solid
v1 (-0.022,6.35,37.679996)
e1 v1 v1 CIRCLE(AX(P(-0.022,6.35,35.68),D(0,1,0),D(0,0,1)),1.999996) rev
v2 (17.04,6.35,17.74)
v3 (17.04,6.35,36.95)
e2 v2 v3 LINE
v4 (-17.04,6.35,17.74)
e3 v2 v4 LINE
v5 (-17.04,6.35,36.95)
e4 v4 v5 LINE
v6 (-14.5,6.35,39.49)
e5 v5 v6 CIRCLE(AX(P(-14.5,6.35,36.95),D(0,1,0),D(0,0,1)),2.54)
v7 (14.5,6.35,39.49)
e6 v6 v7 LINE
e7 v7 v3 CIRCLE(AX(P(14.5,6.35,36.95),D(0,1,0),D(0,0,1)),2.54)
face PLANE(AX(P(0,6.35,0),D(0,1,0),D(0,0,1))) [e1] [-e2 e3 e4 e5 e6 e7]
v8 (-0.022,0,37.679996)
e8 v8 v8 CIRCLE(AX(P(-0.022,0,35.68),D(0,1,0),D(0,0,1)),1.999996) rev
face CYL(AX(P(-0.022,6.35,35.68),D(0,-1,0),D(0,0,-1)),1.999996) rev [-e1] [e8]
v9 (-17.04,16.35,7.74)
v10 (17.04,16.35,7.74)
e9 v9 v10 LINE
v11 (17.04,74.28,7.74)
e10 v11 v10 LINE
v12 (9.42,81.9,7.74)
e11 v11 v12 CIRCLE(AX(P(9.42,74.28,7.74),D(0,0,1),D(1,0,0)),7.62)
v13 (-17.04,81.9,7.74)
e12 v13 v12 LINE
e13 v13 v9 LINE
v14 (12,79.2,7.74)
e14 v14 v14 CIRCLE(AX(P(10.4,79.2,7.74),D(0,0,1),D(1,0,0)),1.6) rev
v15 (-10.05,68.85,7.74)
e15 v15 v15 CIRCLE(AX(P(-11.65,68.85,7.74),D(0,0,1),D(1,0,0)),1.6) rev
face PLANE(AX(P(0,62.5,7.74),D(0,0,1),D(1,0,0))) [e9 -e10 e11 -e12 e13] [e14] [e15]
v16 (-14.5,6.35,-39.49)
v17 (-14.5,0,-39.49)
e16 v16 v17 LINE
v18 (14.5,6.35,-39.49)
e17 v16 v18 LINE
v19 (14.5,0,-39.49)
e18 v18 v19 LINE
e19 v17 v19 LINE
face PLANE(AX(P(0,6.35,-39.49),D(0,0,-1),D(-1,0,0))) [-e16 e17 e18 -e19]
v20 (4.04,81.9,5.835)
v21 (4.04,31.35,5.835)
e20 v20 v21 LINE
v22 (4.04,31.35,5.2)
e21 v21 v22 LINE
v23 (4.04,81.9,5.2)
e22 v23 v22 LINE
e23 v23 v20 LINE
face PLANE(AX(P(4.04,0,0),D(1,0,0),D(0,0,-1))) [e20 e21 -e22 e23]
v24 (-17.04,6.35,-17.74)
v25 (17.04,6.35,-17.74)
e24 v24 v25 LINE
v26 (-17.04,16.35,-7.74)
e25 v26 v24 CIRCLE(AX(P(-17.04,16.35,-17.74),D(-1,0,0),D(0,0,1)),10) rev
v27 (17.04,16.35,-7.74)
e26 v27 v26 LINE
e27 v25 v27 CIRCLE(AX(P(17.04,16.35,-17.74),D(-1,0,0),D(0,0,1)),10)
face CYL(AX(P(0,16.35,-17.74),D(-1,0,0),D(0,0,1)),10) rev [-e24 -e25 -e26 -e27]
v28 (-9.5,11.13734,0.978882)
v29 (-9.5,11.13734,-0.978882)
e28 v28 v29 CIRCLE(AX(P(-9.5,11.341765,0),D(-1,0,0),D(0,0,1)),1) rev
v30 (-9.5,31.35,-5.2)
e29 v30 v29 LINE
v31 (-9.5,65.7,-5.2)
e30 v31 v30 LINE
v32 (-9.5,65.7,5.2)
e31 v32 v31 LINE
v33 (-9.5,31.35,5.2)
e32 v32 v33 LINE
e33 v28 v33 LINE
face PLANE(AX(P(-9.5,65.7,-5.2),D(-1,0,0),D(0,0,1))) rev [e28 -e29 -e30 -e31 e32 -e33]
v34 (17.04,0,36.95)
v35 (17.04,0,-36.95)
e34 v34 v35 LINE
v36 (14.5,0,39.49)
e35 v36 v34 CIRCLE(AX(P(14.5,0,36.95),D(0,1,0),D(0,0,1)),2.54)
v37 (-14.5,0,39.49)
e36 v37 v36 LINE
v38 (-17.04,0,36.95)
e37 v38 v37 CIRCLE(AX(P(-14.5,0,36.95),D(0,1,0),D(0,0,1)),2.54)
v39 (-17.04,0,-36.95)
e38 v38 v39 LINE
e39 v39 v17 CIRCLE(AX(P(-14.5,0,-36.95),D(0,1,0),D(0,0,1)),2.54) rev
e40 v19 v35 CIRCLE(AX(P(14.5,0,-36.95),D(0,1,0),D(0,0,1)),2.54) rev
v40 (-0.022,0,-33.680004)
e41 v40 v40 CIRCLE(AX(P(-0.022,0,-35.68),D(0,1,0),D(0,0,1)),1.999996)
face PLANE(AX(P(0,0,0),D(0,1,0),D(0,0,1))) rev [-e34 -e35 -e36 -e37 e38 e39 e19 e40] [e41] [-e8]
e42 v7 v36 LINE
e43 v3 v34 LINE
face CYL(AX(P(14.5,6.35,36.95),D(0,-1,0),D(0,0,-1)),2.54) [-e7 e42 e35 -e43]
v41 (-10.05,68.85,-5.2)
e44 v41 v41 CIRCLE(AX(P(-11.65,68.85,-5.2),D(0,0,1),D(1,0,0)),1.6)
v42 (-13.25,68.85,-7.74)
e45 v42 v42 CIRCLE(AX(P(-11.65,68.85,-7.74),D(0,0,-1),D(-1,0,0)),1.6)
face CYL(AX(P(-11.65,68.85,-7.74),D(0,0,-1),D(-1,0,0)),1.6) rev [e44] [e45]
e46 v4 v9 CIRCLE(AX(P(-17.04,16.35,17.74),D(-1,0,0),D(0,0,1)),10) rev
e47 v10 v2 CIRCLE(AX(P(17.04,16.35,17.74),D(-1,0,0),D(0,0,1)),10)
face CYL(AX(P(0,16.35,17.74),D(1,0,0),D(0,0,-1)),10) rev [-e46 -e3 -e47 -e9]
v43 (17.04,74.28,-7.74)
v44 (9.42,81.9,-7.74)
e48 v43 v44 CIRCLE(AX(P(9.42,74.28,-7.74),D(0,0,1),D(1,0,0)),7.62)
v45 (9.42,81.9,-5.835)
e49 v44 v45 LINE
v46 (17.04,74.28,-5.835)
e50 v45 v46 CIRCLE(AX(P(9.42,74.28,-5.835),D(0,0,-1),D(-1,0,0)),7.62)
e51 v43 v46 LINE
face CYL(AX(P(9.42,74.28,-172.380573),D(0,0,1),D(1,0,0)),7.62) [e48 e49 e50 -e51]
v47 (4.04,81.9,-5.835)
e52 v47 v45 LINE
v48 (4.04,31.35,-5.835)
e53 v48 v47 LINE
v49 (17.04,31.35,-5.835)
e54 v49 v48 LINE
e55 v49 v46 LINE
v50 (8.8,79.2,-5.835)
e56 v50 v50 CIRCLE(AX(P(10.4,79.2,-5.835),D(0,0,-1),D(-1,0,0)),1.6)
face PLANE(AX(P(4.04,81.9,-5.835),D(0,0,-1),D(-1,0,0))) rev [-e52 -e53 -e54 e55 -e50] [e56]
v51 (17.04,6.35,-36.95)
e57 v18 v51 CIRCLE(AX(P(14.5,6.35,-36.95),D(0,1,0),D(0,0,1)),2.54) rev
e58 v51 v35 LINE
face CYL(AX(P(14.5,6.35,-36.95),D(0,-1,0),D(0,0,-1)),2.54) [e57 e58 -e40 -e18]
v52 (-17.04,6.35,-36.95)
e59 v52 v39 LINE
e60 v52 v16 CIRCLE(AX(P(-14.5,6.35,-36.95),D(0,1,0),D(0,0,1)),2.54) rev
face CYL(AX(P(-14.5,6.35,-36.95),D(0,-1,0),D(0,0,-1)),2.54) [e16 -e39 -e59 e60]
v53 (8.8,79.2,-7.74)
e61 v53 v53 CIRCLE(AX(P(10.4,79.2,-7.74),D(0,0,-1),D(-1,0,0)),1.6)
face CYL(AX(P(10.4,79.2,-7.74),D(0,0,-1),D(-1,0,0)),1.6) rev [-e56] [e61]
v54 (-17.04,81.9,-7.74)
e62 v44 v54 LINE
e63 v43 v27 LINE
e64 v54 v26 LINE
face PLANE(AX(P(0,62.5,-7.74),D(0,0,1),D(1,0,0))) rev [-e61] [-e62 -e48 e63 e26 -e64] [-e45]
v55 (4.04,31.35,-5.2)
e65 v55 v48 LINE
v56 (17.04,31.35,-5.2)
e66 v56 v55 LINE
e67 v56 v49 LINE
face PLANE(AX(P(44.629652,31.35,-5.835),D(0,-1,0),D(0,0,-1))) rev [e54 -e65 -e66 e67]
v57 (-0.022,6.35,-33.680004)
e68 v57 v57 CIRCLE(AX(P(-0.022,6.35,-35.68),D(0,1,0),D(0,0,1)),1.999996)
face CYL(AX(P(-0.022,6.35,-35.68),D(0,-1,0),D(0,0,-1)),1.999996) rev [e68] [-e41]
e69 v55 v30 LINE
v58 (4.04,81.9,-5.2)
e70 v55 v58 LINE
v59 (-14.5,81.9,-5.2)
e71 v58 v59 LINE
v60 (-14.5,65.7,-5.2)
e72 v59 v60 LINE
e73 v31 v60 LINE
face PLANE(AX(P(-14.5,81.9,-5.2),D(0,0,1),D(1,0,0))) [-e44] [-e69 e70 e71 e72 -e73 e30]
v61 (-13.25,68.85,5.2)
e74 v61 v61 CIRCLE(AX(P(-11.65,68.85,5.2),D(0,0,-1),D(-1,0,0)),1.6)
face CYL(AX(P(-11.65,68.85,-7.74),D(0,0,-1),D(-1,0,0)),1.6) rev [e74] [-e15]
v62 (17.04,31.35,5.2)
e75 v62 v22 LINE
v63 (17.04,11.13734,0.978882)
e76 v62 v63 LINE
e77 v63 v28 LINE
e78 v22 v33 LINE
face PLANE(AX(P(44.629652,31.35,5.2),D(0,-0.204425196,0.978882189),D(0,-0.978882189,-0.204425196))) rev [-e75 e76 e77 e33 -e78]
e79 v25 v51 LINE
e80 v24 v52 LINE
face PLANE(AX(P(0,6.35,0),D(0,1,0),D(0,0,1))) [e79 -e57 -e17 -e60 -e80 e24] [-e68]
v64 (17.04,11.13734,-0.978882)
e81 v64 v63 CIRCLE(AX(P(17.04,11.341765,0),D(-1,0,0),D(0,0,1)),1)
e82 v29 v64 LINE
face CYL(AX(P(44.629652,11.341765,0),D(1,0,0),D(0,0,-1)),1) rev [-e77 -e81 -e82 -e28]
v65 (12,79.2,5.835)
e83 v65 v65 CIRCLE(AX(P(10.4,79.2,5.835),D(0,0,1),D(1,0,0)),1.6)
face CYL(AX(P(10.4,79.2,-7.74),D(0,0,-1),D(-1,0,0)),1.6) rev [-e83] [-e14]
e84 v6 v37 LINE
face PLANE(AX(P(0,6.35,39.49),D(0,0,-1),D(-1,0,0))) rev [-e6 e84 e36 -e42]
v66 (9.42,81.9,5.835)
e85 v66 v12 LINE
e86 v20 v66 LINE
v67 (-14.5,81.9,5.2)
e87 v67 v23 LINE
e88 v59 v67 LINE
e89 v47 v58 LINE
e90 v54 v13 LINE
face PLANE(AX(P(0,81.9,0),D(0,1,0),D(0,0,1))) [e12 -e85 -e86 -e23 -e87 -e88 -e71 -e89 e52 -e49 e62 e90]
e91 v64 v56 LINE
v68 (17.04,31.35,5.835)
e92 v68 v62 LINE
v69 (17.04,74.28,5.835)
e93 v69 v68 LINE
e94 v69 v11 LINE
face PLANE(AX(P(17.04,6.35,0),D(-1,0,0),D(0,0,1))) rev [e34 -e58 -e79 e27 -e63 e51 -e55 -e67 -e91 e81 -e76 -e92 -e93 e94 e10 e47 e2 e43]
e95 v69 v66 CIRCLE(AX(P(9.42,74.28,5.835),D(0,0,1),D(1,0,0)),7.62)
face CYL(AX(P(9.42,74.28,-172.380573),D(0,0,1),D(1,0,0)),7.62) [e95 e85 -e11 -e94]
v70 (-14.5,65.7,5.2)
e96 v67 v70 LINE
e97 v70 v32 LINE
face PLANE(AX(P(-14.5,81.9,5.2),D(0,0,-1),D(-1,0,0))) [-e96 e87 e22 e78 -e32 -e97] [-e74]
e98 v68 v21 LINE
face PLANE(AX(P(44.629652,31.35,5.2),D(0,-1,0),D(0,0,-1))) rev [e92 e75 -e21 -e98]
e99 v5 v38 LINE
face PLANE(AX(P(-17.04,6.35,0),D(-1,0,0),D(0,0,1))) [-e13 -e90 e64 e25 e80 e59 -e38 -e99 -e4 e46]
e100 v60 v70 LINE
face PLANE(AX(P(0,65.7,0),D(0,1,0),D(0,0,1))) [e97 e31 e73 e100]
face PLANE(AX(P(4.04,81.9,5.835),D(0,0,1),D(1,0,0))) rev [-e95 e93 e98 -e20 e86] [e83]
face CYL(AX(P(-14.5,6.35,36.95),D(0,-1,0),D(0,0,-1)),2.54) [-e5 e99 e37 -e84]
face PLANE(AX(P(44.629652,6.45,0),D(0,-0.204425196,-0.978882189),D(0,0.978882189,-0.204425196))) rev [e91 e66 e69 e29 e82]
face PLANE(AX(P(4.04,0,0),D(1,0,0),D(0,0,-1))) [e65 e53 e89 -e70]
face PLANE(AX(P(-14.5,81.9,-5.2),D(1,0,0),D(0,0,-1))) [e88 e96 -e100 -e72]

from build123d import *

# Parameters (mm, degrees)
SKETCH1_R                 = 1.999996
BOSS_EXTRUDE1_DEPTH       = 6.35
BOSS_EXTRUDE1_2_DEPTH     = 6.35
SKETCH1_3_W               = 34.08
SKETCH1_3_H               = 15.48
BOSS_EXTRUDE2_DEPTH       = 62.5
SKETCH2_W                 = 34.08
SKETCH2_H                 = 15.48
SKETCH2_W_2               = 29
SKETCH2_H_2               = 10.4
BOSS_EXTRUDE3_DEPTH       = 19.4
SKETCH3_W                 = 11.67
SKETCH3_H                 = 21.9
CUT_EXTRUDE1_DEPTH        = 13
SKETCH4_W                 = 5
SKETCH4_H                 = 10.4
BOSS_EXTRUDE4_DEPTH       = 3.2
CUT_EXTRUDE3_DEPTH        = 97.065834197
CUT_EXTRUDE3_DEPTH_BACK   = 97.065834197
F_3_0MM_DOWEL_HOLE1_D     = 3.2
F_3_0MM_DOWEL_HOLE1_DEPTH = 15.48
F_3_0MM_DOWEL_HOLE1_TIP   = 0.96137699
SKETCH10_W                = 13.54
SKETCH10_H                = 10.4
CUT_EXTRUDE5_DEPTH        = 2.5
FILLET1_R                 = 10
CUT_EXTRUDE6_DEPTH        = 53.65
BOSS_EXTRUDE5_DEPTH       = 26.54
FILLET3_R                 = 1


with BuildPart() as part:
    # Sketch1 → Boss-Extrude1 (new body)
    with BuildSketch(Plane(origin=(0, 0, 0), x_dir=(1, 0, 0), z_dir=(0, 1, 0))):
        with BuildLine():
            ThreePointArc((-17.04, 36.95), (-16.296051224, 38.746051224), (-14.5, 39.49))
            Line((-14.5, 39.49), (14.5, 39.49))
            ThreePointArc((14.5, 39.49), (16.296051224, 38.746051224), (17.04, 36.95))
            Line((17.04, 36.95), (17.04, 7.74))
            Line((17.04, 7.74), (-17.04, 7.74))
            Line((-17.04, 7.74), (-17.04, 36.95))
        make_face()
        with Locations(Location((-0.022, 35.68, 0), (0, 0, 270))):
            Circle(SKETCH1_R, mode=Mode.SUBTRACT)
    extrude(amount=BOSS_EXTRUDE1_DEPTH)



with BuildPart() as body_2:
    # Sketch1 → Boss-Extrude1 2 (new body)
    with BuildSketch(Plane(origin=(0, 0, 0), x_dir=(1, 0, 0), z_dir=(0, 1, 0))):
        with BuildLine():
            Line((-17.04, -7.74), (-17.04, -36.95))
            ThreePointArc((-17.04, -36.95), (-16.296051224, -38.746051224), (-14.5, -39.49))
            Line((-14.5, -39.49), (14.5, -39.49))
            ThreePointArc((14.5, -39.49), (16.296051224, -38.746051224), (17.04, -36.95))
            Line((17.04, -36.95), (17.04, -7.74))
            Line((17.04, -7.74), (-17.04, -7.74))
        make_face()
        with Locations(Location((-0.022, -35.68, 0), (0, 0, 270))):
            Circle(SKETCH1_R, mode=Mode.SUBTRACT)
    extrude(amount=BOSS_EXTRUDE1_2_DEPTH)


with BuildPart() as part_1:
    add(part.part)

    add(body_2.part)  # Boss-Extrude2 merges body 2
    # Sketch1<3> → Boss-Extrude2 (add)
    with BuildSketch(Plane(origin=(0, 0, 0), x_dir=(1, 0, 0), z_dir=(0, 1, 0))):
        Rectangle(SKETCH1_3_W, SKETCH1_3_H)
    extrude(amount=BOSS_EXTRUDE2_DEPTH)

    # Sketch2 → Boss-Extrude3 (add)
    with BuildSketch(Plane(origin=(0, 62.5, 0), x_dir=(1, 0, 0), z_dir=(0, 1, 0))):
        Rectangle(SKETCH2_W, SKETCH2_H)
        Rectangle(SKETCH2_W_2, SKETCH2_H_2, mode=Mode.SUBTRACT)
    extrude(amount=BOSS_EXTRUDE3_DEPTH)

    # Sketch3 → Cut-Extrude1 (cut)
    with BuildSketch(Plane(origin=(17.04, 0, 0), x_dir=(0, 0, -1), z_dir=(1, 0, 0))):
        with Locations((0, 70.95)):
            Rectangle(SKETCH3_W, SKETCH3_H)
    extrude(amount=-CUT_EXTRUDE1_DEPTH, mode=Mode.SUBTRACT)

    # Sketch4 → Boss-Extrude4 (add)
    with BuildSketch(Plane(origin=(0, 62.5, 0), x_dir=(1, 0, 0), z_dir=(0, 1, 0))):
        with Locations((-12, 0)):
            Rectangle(SKETCH4_W, SKETCH4_H)
    extrude(amount=BOSS_EXTRUDE4_DEPTH)

    # Sketch5 → Cut-Extrude3 (cut, two sides: drawn at the far end of the back side and taken through both)
    with BuildSketch(Plane(origin=(0, 0, -7.74), x_dir=(-1, 0, 0), z_dir=(0, 0, -1)).offset(-CUT_EXTRUDE3_DEPTH_BACK)):
        with BuildLine():
            Line((-17.04, 81.9), (-17.04, 74.28))
            ThreePointArc((-17.04, 74.28), (-14.808153673, 79.668153673), (-9.42, 81.9))
            Line((-9.42, 81.9), (-17.04, 81.9))
        make_face()
    extrude(amount=CUT_EXTRUDE3_DEPTH + CUT_EXTRUDE3_DEPTH_BACK, mode=Mode.SUBTRACT)

    # Ø3.0mm Dowel Hole1
    with Locations(Plane(origin=(0, 0, -7.74), x_dir=(-1, 0, 0), z_dir=(0, 0, -1))):
        with Locations((11.650000349, 68.85), (-10.400000349, 79.2)):
            Hole(F_3_0MM_DOWEL_HOLE1_D / 2, depth=F_3_0MM_DOWEL_HOLE1_DEPTH)
            with Locations((0, 0, -(F_3_0MM_DOWEL_HOLE1_DEPTH + F_3_0MM_DOWEL_HOLE1_TIP / 2))):  # 118° drill point
                Cone(0, F_3_0MM_DOWEL_HOLE1_D / 2, F_3_0MM_DOWEL_HOLE1_TIP, mode=Mode.SUBTRACT)

    # Sketch10 → Cut-Extrude5 (cut)
    with BuildSketch(Plane(origin=(0, 62.5, 0), x_dir=(1, 0, 0), z_dir=(0, 1, 0))):
        with Locations((-2.73, 0)):
            Rectangle(SKETCH10_W, SKETCH10_H)
    extrude(amount=-CUT_EXTRUDE5_DEPTH, mode=Mode.SUBTRACT)

    # Fillet1
    fillet1_edges = [part_1.edges().sort_by_distance(p)[0] for p in [
        (0, 6.35, -7.74),
        (0, 6.35, 7.74),
    ]]
    fillet(fillet1_edges, radius=FILLET1_R)

    # Sketch11 → Cut-Extrude6 (cut)
    with BuildSketch(Plane(origin=(0, 60, 0), x_dir=(1, 0, 0), z_dir=(0, 1, 0))):
        Polygon((17.04, -5.835), (17.04, 5.835), (4.04, 5.835), (4.04, 5.2), (-9.5, 5.2), (-9.5, -5.2), (4.04, -5.2), (4.04, -5.835), align=None)
    extrude(amount=-CUT_EXTRUDE6_DEPTH, mode=Mode.SUBTRACT)

    # Sketch12 → Boss-Extrude5 (add)
    with BuildSketch(Plane(origin=(-9.5, 0, 0), x_dir=(0, 0, -1), z_dir=(1, 0, 0))):
        Polygon((-5.2, 31.35), (-5.835, 31.35), (-5.835, 6.35), (0, 6.35), (5.835, 6.35), (5.835, 31.35), (5.2, 31.35), (0, 6.45), align=None)
    extrude(amount=BOSS_EXTRUDE5_DEPTH)

    # Fillet3
    fillet3_edges = [part_1.edges().sort_by_distance(p)[0] for p in [
        (3.77, 6.45, 0),
    ]]
    fillet(fillet3_edges, radius=FILLET3_R)


solid = part_1.part
